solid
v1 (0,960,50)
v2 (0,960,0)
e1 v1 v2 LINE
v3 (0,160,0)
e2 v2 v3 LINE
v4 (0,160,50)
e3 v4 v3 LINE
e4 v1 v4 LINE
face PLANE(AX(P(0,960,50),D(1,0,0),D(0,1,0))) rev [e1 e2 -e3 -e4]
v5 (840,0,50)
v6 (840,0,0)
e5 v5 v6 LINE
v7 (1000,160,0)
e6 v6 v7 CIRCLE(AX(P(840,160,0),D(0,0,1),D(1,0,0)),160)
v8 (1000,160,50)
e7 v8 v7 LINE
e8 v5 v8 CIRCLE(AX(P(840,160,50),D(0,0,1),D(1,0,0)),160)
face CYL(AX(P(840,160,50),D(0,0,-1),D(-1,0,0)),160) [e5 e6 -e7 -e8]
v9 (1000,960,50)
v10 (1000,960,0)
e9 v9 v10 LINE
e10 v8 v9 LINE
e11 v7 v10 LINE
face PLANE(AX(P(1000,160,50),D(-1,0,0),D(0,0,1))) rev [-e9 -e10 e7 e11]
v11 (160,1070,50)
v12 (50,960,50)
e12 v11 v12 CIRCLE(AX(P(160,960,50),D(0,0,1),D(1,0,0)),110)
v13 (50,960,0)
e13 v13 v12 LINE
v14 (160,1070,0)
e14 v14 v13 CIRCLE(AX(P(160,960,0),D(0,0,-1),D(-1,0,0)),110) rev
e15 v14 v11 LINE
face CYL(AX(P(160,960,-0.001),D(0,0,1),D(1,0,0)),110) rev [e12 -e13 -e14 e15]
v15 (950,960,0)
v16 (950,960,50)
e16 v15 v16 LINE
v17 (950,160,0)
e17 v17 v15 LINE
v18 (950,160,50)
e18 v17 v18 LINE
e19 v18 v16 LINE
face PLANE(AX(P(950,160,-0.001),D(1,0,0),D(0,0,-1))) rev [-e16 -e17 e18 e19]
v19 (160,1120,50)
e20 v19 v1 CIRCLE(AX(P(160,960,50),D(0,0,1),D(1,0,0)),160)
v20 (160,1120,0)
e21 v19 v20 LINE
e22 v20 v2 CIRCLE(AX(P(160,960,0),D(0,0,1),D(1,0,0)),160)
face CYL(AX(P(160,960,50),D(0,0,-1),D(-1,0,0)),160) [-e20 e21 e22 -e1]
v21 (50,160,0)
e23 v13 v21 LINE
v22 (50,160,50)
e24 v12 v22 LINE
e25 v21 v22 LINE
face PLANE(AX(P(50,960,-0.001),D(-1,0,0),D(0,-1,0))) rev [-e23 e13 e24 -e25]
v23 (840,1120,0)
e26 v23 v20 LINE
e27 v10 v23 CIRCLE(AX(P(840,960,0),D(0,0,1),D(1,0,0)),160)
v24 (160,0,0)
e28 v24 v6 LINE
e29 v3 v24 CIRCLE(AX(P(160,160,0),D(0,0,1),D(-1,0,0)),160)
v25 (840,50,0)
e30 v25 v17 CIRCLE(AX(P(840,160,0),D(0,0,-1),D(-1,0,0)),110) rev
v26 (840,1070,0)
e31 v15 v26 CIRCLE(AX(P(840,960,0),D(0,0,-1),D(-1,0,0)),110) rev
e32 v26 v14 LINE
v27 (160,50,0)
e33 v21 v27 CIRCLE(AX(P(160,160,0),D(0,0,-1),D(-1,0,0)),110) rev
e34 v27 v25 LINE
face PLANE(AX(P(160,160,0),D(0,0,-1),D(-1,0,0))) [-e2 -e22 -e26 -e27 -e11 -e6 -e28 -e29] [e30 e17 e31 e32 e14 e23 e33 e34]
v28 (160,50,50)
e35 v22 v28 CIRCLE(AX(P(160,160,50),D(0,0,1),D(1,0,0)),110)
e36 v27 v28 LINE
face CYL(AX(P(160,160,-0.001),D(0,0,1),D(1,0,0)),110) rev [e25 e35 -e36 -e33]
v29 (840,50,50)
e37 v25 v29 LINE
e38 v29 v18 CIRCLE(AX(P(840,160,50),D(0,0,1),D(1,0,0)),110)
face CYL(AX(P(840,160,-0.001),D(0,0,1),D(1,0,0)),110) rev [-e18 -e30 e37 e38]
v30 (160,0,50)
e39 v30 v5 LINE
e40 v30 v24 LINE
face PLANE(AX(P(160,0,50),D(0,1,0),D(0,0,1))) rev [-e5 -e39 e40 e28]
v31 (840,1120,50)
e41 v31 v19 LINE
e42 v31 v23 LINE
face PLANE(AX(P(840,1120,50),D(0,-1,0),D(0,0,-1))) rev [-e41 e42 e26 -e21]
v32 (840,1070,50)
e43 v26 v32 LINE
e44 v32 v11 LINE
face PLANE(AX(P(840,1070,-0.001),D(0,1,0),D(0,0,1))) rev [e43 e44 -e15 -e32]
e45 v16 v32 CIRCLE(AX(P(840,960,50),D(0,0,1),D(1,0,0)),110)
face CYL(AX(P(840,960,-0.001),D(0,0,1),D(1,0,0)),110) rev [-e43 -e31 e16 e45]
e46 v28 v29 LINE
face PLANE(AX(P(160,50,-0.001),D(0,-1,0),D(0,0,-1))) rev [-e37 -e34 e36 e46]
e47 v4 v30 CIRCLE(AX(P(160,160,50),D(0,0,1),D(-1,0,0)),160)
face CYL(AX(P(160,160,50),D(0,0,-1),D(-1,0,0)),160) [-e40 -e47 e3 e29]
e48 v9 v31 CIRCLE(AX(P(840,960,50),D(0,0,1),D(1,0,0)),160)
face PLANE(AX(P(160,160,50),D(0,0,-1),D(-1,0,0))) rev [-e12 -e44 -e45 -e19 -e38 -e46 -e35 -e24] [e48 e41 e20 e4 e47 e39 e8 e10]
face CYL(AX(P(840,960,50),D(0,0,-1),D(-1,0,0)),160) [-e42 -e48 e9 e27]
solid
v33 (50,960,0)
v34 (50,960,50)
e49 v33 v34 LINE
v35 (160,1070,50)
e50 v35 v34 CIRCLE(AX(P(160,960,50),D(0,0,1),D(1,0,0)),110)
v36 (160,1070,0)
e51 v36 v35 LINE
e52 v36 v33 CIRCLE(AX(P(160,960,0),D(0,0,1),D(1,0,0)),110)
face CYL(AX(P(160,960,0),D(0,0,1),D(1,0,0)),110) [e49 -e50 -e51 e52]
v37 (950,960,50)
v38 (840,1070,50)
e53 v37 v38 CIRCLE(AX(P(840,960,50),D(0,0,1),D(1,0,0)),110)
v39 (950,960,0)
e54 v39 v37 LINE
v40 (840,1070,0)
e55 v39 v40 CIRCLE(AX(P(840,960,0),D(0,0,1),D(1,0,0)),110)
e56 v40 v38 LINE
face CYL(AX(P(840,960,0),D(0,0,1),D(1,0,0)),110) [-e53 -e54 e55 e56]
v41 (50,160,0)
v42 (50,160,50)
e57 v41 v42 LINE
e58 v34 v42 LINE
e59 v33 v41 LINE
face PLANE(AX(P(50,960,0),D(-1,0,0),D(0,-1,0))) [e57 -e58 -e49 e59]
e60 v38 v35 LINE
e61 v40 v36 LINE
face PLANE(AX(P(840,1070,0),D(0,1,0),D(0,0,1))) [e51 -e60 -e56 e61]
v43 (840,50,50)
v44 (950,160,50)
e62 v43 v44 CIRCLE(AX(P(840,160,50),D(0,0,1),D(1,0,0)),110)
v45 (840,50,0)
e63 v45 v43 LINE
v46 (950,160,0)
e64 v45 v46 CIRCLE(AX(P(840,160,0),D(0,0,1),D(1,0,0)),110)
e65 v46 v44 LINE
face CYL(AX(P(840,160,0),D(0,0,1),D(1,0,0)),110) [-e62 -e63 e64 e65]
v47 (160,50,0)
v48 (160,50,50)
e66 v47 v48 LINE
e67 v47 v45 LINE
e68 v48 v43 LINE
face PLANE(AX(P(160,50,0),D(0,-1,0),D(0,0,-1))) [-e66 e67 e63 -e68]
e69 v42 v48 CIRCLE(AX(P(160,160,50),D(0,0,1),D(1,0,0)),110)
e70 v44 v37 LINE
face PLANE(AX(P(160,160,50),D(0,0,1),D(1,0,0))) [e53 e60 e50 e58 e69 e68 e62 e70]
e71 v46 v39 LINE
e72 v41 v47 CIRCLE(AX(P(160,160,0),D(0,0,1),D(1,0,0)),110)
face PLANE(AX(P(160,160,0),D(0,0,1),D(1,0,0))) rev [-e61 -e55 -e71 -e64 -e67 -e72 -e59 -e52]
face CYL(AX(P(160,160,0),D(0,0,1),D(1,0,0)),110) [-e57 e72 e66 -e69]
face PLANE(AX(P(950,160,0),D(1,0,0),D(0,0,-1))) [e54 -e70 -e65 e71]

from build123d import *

# Parameters (mm, degrees)
BOSS_EXTRUDE1_DEPTH = 50
CUT_EXTRUDE1_REACH  = 1504.298
BOSS_EXTRUDE3_DEPTH = 50


with BuildPart() as part:
    # Sketch1 → Boss-Extrude1 (new body)
    with BuildSketch(Plane.XY):
        with BuildLine():
            Line((160, 0), (840, 0))
            ThreePointArc((840, 0), (953.13708499, 46.86291501), (1000, 160))
            Line((1000, 160), (1000, 960))
            ThreePointArc((1000, 960), (953.13708499, 1073.13708499), (840, 1120))
            Line((840, 1120), (160, 1120))
            ThreePointArc((160, 1120), (46.86291501, 1073.13708499), (0, 960))
            Line((0, 960), (0, 160))
            ThreePointArc((0, 160), (46.86291501, 46.86291501), (160, 0))
        make_face()
    extrude(amount=BOSS_EXTRUDE1_DEPTH)

    # Sketch3 → Cut-Extrude1 (cut, up to next)
    with BuildSketch(Plane.XY.offset(50), mode=Mode.PRIVATE) as cut_extrude1_sk1:
        with BuildLine():
            Line((160, 50), (840, 50))
            ThreePointArc((840, 50), (917.781745931, 82.218254069), (950, 160))
            Line((950, 160), (950, 960))
            ThreePointArc((950, 960), (917.781745931, 1037.781745931), (840, 1070))
            Line((840, 1070), (160, 1070))
            ThreePointArc((160, 1070), (82.218254069, 1037.781745931), (50, 960))
            Line((50, 960), (50, 160))
            ThreePointArc((50, 160), (82.218254069, 82.218254069), (160, 50))
        make_face()
    cut_extrude1_tool1 = extrude(cut_extrude1_sk1.sketch, amount=-CUT_EXTRUDE1_REACH, mode=Mode.PRIVATE) & part.part
    add(cut_extrude1_tool1.solids().sort_by_distance((500, 560, 50))[0], mode=Mode.SUBTRACT)


with BuildPart() as body_2:
    # Sketch3<2> → Boss-Extrude3 (new body)
    with BuildSketch(Plane.XY.offset(50)):
        with BuildLine():
            Line((160, 50), (840, 50))
            ThreePointArc((840, 50), (917.781745931, 82.218254069), (950, 160))
            Line((950, 160), (950, 960))
            ThreePointArc((950, 960), (917.781745931, 1037.781745931), (840, 1070))
            Line((840, 1070), (160, 1070))
            ThreePointArc((160, 1070), (82.218254069, 1037.781745931), (50, 960))
            Line((50, 960), (50, 160))
            ThreePointArc((50, 160), (82.218254069, 82.218254069), (160, 50))
        make_face()
    extrude(amount=-BOSS_EXTRUDE3_DEPTH)


solid = Compound([part.part, body_2.part])
